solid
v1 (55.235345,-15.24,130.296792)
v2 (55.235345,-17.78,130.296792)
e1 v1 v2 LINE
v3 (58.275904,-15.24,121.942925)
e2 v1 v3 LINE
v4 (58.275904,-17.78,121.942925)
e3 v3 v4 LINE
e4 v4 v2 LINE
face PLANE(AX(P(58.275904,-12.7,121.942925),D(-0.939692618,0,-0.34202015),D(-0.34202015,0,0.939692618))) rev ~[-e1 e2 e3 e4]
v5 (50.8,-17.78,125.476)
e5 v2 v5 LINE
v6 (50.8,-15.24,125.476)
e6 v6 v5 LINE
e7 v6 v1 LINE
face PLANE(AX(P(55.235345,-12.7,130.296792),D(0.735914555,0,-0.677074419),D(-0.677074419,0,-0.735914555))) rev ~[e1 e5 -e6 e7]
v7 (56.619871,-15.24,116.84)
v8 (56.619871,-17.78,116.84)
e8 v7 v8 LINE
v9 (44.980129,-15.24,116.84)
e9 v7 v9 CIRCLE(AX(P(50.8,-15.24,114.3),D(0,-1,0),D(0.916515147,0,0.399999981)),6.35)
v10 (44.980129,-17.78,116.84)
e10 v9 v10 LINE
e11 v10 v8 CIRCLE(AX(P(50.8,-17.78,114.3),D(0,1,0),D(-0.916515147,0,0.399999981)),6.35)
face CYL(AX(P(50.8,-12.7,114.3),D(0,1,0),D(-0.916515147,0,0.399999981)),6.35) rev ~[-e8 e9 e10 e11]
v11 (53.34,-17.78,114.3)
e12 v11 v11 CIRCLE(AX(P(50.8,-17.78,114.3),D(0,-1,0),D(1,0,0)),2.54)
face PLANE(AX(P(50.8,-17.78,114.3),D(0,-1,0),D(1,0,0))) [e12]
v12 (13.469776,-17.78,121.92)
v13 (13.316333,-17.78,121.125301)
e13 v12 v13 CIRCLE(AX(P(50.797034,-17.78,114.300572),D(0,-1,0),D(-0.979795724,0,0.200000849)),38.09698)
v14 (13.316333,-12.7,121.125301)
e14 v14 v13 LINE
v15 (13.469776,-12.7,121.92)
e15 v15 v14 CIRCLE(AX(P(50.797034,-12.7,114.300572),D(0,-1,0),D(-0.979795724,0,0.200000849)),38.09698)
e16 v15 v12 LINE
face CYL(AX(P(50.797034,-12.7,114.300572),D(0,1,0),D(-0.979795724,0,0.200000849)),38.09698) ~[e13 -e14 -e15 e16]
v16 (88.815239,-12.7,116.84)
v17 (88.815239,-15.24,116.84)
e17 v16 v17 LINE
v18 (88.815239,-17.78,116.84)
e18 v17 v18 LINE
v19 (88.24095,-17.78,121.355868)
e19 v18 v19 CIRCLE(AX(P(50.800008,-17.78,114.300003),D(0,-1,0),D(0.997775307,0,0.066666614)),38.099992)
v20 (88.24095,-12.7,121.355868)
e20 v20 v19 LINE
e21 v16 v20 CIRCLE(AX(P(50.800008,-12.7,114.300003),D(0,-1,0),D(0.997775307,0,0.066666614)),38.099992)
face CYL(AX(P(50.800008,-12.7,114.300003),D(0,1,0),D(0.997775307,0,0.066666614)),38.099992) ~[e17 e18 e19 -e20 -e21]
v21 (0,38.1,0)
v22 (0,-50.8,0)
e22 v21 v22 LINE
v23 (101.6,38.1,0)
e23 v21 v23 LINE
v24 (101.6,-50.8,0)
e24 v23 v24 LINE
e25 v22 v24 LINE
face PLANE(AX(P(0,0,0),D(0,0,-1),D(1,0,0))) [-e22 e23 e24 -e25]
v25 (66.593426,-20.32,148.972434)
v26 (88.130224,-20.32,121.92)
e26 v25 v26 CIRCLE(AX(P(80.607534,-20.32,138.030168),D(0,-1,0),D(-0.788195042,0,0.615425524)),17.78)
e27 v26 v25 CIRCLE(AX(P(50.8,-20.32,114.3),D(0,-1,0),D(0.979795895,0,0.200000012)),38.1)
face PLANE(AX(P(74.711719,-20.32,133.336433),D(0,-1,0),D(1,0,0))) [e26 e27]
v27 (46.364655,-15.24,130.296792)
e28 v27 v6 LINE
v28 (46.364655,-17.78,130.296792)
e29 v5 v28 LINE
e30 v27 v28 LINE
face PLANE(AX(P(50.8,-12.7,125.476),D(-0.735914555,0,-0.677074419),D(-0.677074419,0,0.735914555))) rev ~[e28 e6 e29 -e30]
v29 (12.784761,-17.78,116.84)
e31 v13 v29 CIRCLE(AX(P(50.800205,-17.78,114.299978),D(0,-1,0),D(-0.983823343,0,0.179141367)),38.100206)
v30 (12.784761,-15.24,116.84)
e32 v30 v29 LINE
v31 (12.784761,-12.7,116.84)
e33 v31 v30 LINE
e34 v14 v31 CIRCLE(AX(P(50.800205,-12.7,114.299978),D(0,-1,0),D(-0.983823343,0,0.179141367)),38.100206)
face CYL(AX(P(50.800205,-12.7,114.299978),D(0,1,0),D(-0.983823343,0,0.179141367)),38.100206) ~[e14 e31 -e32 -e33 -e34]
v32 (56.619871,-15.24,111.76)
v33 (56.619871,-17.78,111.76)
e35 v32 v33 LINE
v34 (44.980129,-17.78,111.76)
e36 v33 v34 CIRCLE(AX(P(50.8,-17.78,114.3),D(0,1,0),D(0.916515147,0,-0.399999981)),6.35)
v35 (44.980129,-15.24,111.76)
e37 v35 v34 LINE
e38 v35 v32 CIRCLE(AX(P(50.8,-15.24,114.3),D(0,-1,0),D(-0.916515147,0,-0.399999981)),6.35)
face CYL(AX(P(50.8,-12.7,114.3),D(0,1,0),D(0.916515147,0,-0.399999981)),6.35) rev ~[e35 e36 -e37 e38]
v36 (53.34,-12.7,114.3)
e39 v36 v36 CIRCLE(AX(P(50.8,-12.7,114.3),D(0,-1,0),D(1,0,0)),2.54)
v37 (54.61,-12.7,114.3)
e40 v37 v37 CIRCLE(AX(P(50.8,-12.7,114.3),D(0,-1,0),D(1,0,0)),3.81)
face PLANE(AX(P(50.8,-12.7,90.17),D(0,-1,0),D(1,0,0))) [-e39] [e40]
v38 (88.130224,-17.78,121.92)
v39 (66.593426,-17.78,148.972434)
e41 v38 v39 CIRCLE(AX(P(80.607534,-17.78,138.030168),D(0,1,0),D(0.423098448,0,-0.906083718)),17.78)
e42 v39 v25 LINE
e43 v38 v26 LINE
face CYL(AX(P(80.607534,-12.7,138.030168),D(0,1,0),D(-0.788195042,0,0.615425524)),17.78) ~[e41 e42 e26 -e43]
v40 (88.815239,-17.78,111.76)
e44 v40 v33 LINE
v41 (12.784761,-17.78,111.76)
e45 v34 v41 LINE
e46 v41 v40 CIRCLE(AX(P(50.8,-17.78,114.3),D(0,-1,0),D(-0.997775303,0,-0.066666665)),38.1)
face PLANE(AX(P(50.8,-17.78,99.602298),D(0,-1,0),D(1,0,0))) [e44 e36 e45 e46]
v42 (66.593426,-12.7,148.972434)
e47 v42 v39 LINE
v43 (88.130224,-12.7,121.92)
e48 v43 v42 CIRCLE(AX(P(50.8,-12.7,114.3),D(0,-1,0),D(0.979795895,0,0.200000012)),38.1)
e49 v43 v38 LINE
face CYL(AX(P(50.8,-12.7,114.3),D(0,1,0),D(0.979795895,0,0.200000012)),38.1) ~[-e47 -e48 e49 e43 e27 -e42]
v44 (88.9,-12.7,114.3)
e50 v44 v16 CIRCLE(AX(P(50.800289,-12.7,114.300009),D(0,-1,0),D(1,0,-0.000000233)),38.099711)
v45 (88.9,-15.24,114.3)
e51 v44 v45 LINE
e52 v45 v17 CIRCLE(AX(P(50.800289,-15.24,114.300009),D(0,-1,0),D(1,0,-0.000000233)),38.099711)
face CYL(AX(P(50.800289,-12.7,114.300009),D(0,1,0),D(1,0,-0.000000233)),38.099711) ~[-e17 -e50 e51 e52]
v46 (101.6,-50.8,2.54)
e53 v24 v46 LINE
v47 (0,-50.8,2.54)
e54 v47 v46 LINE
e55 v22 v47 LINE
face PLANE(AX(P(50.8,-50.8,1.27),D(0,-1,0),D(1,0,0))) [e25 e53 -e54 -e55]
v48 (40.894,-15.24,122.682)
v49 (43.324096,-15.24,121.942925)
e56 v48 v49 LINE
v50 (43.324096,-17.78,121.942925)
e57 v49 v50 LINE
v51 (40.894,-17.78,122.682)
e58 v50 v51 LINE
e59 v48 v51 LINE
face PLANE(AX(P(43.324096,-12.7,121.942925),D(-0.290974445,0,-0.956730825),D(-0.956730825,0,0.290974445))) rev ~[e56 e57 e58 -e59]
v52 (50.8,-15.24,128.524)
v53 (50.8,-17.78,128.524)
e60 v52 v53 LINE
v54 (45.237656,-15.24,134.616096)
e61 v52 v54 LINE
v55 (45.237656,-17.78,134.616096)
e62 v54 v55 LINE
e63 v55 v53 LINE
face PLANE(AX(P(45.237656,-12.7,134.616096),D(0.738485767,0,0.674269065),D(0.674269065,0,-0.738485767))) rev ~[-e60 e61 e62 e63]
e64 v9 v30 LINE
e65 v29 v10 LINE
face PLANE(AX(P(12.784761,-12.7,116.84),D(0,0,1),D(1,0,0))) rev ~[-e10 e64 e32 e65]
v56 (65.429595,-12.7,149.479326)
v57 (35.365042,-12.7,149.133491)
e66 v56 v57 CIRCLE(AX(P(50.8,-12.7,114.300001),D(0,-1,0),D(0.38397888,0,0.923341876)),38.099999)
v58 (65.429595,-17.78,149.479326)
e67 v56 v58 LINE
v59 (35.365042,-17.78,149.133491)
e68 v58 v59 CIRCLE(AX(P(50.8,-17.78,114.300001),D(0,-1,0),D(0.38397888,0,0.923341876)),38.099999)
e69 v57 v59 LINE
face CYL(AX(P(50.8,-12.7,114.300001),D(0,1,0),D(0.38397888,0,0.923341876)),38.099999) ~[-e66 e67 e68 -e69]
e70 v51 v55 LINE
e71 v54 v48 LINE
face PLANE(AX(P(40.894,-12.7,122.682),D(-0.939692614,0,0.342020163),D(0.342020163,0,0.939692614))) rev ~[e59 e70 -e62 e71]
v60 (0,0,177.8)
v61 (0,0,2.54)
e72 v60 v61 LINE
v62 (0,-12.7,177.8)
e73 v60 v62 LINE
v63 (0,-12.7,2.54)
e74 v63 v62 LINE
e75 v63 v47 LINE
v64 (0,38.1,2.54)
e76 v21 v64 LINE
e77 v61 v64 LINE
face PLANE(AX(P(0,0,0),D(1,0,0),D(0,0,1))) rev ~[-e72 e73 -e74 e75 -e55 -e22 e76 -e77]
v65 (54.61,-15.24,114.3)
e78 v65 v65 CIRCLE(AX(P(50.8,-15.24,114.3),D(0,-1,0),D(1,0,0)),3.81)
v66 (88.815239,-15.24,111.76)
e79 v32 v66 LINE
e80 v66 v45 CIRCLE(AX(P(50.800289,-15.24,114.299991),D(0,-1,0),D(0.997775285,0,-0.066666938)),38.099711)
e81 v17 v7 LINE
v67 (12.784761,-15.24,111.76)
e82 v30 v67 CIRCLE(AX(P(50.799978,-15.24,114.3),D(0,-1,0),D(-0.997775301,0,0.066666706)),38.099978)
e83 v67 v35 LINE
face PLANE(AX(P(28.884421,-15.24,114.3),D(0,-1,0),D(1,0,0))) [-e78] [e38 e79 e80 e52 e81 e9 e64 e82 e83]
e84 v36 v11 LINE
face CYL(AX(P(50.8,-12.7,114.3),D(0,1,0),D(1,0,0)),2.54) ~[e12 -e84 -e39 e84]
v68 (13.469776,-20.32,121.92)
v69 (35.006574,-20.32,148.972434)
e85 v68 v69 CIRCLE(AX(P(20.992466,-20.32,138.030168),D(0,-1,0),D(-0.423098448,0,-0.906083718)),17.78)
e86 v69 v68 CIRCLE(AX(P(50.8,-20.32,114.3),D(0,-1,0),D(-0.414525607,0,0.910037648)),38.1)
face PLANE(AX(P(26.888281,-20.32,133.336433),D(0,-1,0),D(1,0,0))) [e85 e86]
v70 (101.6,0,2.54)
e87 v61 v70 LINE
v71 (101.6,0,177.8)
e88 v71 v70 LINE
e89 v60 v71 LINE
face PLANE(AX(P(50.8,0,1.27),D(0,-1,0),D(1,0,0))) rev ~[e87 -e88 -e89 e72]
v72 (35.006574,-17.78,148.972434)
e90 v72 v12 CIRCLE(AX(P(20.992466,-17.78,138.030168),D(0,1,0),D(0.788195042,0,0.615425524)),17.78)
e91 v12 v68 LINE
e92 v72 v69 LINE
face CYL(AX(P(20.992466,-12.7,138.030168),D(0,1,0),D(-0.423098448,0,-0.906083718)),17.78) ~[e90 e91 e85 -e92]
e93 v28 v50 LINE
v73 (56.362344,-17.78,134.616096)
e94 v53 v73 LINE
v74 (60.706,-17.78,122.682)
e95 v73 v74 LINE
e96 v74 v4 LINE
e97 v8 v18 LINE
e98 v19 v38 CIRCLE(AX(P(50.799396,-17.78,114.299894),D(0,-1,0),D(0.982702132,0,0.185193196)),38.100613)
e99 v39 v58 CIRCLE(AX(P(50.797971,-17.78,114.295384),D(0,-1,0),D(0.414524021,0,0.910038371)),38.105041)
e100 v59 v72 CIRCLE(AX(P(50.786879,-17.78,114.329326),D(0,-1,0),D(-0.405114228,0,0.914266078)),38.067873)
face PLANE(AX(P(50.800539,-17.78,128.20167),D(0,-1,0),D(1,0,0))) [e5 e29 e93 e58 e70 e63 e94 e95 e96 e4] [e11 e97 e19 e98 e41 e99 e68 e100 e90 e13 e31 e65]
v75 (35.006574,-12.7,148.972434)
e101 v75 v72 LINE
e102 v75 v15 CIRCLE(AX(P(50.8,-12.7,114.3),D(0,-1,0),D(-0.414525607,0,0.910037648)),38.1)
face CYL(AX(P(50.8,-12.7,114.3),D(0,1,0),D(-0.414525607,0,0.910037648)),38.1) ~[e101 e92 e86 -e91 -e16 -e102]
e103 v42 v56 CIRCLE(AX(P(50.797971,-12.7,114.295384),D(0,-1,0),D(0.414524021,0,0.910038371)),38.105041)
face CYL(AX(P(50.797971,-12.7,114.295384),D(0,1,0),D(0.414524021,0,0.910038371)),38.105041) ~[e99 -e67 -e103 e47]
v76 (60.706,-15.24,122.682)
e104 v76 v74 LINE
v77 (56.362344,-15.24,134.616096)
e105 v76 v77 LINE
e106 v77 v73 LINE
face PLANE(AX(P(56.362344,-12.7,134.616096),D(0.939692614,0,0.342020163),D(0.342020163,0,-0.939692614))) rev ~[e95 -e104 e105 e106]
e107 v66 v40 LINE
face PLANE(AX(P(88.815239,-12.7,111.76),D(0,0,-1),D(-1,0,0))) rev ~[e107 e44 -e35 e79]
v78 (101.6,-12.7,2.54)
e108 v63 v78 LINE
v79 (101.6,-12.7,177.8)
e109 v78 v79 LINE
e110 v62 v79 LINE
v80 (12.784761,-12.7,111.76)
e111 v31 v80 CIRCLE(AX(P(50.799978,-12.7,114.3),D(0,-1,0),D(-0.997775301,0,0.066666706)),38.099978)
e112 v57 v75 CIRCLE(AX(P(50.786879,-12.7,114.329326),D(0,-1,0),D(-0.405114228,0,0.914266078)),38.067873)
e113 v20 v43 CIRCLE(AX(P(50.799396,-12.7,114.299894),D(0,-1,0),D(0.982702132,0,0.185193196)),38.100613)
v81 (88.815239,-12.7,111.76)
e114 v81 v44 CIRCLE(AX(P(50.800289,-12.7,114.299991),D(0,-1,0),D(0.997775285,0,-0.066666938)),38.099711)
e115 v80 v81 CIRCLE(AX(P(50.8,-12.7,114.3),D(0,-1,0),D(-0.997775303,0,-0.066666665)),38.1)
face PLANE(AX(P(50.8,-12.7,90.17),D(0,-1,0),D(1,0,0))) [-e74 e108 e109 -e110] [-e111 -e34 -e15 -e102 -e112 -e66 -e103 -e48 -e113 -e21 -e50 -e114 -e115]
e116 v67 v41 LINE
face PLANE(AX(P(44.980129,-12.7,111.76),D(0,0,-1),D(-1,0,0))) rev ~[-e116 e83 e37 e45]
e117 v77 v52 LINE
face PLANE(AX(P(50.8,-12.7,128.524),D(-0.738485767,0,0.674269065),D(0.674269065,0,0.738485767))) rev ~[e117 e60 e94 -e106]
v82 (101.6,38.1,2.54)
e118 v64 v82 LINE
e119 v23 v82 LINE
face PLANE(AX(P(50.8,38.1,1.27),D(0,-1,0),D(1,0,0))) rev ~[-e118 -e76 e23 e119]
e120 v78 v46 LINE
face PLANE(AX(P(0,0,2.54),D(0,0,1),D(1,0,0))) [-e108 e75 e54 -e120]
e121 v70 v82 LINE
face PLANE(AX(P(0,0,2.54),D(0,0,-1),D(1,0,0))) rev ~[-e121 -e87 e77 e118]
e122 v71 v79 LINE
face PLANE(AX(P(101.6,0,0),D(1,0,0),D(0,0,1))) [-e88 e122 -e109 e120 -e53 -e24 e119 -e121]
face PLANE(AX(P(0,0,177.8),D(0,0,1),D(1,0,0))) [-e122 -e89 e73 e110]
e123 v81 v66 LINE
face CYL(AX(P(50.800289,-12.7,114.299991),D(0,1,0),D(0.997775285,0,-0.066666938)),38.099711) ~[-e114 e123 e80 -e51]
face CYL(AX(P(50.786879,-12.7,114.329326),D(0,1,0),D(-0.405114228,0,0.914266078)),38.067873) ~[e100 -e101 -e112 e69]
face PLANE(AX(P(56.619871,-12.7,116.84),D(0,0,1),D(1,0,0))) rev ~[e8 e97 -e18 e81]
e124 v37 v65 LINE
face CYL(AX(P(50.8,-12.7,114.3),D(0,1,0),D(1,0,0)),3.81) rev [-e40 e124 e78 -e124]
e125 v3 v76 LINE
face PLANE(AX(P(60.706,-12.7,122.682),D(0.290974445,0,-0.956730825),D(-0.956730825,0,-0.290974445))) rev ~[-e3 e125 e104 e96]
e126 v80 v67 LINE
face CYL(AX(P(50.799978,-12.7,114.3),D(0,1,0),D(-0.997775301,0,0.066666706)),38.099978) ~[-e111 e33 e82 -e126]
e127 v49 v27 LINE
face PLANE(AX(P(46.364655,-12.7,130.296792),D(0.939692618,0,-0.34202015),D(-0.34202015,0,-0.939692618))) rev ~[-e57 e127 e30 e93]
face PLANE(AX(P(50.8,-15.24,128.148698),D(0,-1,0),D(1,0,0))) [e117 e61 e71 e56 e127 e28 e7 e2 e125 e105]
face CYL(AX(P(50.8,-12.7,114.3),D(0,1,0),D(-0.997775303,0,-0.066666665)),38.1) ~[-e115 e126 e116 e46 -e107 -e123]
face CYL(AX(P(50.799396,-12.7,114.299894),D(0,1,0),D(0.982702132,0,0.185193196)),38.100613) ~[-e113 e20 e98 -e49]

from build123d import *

# Parameters (mm, degrees)
F0_W          = 101.6
F0_H          = 175.26
F1_DEPTH      = 12.7
F0_H_2        = 2.54
F2_DEPTH      = 50.8
F2_DEPTH_BACK = 38.1
F4_DEPTH      = 7.62
F3_R          = 2.54
F5_DEPTH      = 5.08
F3_R_2        = 3.81
F6_DEPTH      = 2.54


with BuildPart() as f1:
    # F0 (on Front) → F1 (new body)
    with BuildSketch(Plane.XZ):
        with Locations((50.8, 90.17)):
            Rectangle(F0_W, F0_H)
    extrude(amount=F1_DEPTH)

    # F0 (on Front) → F2 (join, two sides)
    with BuildSketch(Plane.XZ) as f2_sk:
        with Locations((50.8, 1.27)):
            Rectangle(F0_W, F0_H_2)
    extrude(amount=F2_DEPTH)
    extrude(f2_sk.sketch, amount=-F2_DEPTH_BACK)

    # F3 (on face) → F4 (join)
    with BuildSketch(Plane.XZ.offset(12.7)):
        with BuildLine():
            ThreePointArc((66.593426, 148.972434), (66.697351, 126.95609), (88.130224, 121.92))
            ThreePointArc((88.130224, 121.92), (80.607534, 138.030169), (66.593426, 148.972434))
        make_face()
        with BuildLine():
            ThreePointArc((13.469776, 121.92), (34.902649, 126.95609), (35.006574, 148.972434))
            ThreePointArc((35.006574, 148.972434), (20.992466, 138.030169), (13.469776, 121.92))
        make_face()
    extrude(amount=F4_DEPTH)

    # F3 (on face) → F5 (join)
    with BuildSketch(Plane.XZ.offset(12.7)):
        with BuildLine():
            ThreePointArc((12.784761, 111.76), (50.8, 76.2), (88.815239, 111.76))
            Line((88.815239, 111.76), (56.619871, 111.76))
            ThreePointArc((56.619871, 111.76), (50.8, 107.95), (44.980129, 111.76))
            Line((44.980129, 111.76), (12.784761, 111.76))
        make_face()
        with BuildLine():
            Line((56.619871, 116.84), (88.815239, 116.84))
            ThreePointArc((88.815239, 116.84), (88.5956, 119.106519), (88.24095, 121.355868))
            ThreePointArc((88.24095, 121.355868), (88.186651, 121.638143), (88.130224, 121.92))
            ThreePointArc((88.130224, 121.92), (66.697351, 126.95609), (66.593426, 148.972434))
            ThreePointArc((66.593426, 148.972434), (66.013621, 149.230727), (65.429595, 149.479326))
            ThreePointArc((65.429595, 149.479326), (50.361762, 152.39748), (35.365042, 149.133491))
            ThreePointArc((35.365042, 149.133491), (35.1856, 149.053425), (35.006574, 148.972434))
            ThreePointArc((35.006574, 148.972434), (34.902649, 126.95609), (13.469776, 121.92))
            ThreePointArc((13.469776, 121.92), (13.390944, 121.523058), (13.316333, 121.125301))
            ThreePointArc((13.316333, 121.125301), (12.989788, 118.990187), (12.784761, 116.84))
            Line((12.784761, 116.84), (44.980129, 116.84))
            ThreePointArc((44.980129, 116.84), (50.8, 120.65), (56.619871, 116.84))
        make_face()
        Polygon((43.324096, 121.942925), (40.894, 122.682), (45.237656, 134.616096), (50.8, 128.524), (56.362344, 134.616096), (60.706, 122.682), (58.275904, 121.942925), (55.235345, 130.296792), (50.8, 125.476), (46.364655, 130.296792), align=None, mode=Mode.SUBTRACT)
        with Locations((50.8, 114.3)):
            Circle(F3_R)
    extrude(amount=F5_DEPTH)

    # F3 (on face) → F6 (join)
    with BuildSketch(Plane.XZ.offset(12.7)):
        with BuildLine():
            ThreePointArc((12.784761, 116.84), (12.7, 114.3), (12.784761, 111.76))
            Line((12.784761, 111.76), (44.980129, 111.76))
            ThreePointArc((44.980129, 111.76), (44.45, 114.3), (44.980129, 116.84))
            Line((44.980129, 116.84), (12.784761, 116.84))
        make_face()
        with BuildLine():
            ThreePointArc((57.15, 114.3), (57.016055, 115.597366), (56.619871, 116.84))
            ThreePointArc((56.619871, 116.84), (50.8, 120.65), (44.980129, 116.84))
            ThreePointArc((44.980129, 116.84), (44.45, 114.3), (44.980129, 111.76))
            ThreePointArc((44.980129, 111.76), (50.8, 107.95), (56.619871, 111.76))
            ThreePointArc((56.619871, 111.76), (57.016055, 113.002634), (57.15, 114.3))
        make_face()
        with Locations((50.8, 114.3)):
            Circle(F3_R_2, mode=Mode.SUBTRACT)
        with BuildLine():
            ThreePointArc((88.815239, 111.76), (88.878804, 113.029293), (88.9, 114.3))
            ThreePointArc((88.9, 114.3), (88.878804, 115.570707), (88.815239, 116.84))
            Line((88.815239, 116.84), (56.619871, 116.84))
            ThreePointArc((56.619871, 116.84), (57.016055, 115.597366), (57.15, 114.3))
            ThreePointArc((57.15, 114.3), (57.016055, 113.002634), (56.619871, 111.76))
            Line((56.619871, 111.76), (88.815239, 111.76))
        make_face()
        Polygon((45.237656, 134.616096), (40.894, 122.682), (43.324096, 121.942925), (46.364655, 130.296792), (50.8, 125.476), (55.235345, 130.296792), (58.275904, 121.942925), (60.706, 122.682), (56.362344, 134.616096), (50.8, 128.524), align=None)
    extrude(amount=F6_DEPTH)


solid = f1.part
